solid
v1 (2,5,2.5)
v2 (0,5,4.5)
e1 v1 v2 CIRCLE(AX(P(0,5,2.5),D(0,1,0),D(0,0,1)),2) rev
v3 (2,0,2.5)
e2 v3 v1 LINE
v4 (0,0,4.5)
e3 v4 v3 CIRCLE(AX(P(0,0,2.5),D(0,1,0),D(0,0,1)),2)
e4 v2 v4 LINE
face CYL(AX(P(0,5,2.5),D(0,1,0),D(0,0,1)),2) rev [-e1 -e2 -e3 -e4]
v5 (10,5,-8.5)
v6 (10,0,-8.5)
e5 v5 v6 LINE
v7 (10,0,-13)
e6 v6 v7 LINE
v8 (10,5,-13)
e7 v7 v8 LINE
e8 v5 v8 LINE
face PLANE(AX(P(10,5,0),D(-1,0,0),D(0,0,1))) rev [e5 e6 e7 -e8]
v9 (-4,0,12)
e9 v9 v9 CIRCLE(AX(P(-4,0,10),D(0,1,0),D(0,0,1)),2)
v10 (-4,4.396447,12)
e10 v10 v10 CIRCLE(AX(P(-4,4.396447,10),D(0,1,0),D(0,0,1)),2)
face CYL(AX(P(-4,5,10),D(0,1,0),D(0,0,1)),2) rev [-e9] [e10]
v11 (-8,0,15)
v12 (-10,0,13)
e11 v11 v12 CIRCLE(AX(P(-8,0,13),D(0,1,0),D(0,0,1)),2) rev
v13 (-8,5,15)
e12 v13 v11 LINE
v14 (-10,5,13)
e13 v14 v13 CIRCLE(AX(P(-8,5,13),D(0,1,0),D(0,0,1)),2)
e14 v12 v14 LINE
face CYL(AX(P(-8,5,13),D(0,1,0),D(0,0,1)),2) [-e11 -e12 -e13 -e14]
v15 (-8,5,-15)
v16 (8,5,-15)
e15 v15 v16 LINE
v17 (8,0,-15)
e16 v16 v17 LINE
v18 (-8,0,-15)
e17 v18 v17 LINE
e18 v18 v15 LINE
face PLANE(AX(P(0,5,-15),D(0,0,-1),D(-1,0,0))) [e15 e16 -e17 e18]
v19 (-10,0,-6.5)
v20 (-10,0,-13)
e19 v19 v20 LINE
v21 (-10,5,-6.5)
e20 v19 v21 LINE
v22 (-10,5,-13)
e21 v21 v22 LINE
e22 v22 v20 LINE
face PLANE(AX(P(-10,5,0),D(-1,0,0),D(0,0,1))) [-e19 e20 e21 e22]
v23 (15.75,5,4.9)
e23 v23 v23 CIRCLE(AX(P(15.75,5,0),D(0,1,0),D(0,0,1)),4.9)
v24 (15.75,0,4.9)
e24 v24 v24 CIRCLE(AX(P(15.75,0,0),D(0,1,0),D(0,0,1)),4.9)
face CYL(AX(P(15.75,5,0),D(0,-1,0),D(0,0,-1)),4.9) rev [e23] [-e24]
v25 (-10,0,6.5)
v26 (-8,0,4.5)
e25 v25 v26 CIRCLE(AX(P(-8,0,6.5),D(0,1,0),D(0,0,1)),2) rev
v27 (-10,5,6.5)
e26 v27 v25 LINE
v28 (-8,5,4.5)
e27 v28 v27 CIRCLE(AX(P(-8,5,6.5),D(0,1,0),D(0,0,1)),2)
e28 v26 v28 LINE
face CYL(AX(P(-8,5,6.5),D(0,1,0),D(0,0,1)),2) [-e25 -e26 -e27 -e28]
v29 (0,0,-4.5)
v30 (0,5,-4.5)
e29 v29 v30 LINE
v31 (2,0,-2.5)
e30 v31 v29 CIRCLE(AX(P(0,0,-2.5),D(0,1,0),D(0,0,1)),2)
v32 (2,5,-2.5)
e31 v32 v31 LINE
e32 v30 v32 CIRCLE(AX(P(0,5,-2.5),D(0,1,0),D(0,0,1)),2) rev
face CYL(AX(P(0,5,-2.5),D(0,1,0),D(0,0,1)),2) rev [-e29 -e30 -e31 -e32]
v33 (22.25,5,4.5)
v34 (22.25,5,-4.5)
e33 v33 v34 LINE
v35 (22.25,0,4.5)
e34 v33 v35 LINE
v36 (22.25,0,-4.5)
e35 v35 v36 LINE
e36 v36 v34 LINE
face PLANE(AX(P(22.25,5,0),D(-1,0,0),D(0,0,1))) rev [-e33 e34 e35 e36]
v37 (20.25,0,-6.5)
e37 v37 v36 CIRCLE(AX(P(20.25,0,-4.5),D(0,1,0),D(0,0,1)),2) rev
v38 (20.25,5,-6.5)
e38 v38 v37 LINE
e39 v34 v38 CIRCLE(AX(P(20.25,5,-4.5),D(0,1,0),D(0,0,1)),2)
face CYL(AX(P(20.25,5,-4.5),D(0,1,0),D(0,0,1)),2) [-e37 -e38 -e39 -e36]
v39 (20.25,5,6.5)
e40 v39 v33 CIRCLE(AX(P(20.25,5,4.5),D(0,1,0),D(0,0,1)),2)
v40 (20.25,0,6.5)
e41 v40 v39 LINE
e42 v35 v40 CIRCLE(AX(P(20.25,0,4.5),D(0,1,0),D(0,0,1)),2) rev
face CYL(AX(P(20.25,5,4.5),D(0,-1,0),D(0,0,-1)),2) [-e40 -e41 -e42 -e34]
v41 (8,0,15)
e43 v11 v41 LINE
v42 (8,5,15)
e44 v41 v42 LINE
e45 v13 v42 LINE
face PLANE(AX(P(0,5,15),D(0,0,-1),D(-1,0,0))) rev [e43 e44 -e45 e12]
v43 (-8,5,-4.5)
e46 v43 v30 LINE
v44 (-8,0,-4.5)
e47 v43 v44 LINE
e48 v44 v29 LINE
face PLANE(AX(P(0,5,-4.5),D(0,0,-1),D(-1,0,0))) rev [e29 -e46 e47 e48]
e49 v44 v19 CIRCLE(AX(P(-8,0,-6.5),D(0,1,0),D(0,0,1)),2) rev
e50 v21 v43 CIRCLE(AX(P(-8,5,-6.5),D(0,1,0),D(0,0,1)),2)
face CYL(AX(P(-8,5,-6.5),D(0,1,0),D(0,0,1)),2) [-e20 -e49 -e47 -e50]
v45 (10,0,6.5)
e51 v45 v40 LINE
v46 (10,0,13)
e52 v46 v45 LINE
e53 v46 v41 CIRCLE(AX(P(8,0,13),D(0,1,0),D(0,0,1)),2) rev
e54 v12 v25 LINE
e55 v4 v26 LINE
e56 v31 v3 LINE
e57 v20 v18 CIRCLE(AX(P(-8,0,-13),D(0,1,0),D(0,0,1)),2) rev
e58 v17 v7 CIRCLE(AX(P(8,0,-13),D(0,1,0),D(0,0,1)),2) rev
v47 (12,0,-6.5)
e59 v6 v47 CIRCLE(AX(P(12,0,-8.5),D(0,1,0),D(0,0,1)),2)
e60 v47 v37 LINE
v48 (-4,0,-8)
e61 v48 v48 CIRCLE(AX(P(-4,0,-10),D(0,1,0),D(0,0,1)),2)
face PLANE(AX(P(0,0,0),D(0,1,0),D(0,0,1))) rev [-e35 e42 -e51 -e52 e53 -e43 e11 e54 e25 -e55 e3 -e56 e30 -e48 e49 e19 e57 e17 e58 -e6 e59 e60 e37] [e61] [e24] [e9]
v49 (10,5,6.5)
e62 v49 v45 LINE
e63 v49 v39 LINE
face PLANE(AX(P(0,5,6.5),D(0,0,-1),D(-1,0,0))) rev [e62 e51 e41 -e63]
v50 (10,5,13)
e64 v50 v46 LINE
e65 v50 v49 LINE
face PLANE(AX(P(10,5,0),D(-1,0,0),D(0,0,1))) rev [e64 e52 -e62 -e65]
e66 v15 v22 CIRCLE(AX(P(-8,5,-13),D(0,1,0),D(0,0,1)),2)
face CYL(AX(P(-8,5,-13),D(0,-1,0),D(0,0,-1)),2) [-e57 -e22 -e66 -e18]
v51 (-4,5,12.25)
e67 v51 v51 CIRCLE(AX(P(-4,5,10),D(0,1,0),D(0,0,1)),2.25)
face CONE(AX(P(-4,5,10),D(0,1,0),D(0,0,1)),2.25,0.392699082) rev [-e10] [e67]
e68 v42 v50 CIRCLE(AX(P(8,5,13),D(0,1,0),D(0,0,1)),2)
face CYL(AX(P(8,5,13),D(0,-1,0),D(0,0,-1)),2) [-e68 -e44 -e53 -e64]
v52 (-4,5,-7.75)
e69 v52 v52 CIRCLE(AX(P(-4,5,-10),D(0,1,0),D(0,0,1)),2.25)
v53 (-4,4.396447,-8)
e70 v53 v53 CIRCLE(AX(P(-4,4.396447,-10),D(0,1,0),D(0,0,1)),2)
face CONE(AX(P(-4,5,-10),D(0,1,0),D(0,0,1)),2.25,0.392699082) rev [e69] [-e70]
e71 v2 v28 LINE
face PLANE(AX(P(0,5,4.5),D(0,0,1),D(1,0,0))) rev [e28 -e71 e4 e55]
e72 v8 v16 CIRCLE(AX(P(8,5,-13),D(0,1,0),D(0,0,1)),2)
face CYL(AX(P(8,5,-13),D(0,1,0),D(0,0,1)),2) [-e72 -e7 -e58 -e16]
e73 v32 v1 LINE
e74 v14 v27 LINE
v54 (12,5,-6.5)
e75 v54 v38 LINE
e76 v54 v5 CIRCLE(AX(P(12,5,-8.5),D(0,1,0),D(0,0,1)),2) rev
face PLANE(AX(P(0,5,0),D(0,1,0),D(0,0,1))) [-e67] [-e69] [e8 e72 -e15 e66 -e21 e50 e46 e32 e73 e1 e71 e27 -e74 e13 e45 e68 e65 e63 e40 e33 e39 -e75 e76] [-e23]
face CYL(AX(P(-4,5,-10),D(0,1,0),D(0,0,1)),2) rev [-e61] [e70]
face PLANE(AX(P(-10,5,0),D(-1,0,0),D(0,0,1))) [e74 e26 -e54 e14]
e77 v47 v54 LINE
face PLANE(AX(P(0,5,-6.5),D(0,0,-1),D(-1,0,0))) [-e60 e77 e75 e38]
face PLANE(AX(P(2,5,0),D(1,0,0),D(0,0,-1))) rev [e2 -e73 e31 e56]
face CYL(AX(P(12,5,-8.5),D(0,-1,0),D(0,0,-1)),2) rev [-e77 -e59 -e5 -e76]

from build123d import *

# Parameters (mm, degrees)
SKETCH1_R                         = 4.9
BOSS_EXTRUDE1_DEPTH               = 5
FILLET1_R                         = 2
F_4_0_4_DIAMETER_HOLE1_AT_2_COUNT = 2
F_4_0_4_DIAMETER_HOLE1_AT_2_PITCH = 10
F_4_0_4_DIAMETER_HOLE1_AT_3_COUNT = 2
F_4_0_4_DIAMETER_HOLE1_AT_3_PITCH = 10


with BuildPart() as part:
    # Sketch1 → Boss-Extrude1 (new body)
    with BuildSketch(Plane(origin=(0, 0, 0), x_dir=(1, 0, 0), z_dir=(0, 1, 0))):
        Polygon((-10, 15), (-10, 4.5), (2, 4.5), (2, -4.5), (-10, -4.5), (-10, -15), (10, -15), (10, -6.5), (22.25, -6.5), (22.25, 6.5), (10, 6.5), (10, 15), align=None)
        with Locations(Location((15.75, 0, 0), (0, 0, 270))):
            Circle(SKETCH1_R, mode=Mode.SUBTRACT)
    extrude(amount=BOSS_EXTRUDE1_DEPTH)

    # Fillet1
    fillet1_edges = [part.edges().sort_by_distance(p)[0] for p in [
        (10, 2.5, 15),
        (-10, 2.5, 15),
        (-10, 2.5, 4.5),
        (2, 2.5, 4.5),
        (2, 2.5, -4.5),
        (-10, 2.5, -4.5),
        (-10, 2.5, -15),
        (10, 2.5, -15),
        (10, 2.5, -6.5),
        (22.25, 2.5, -6.5),
        (22.25, 2.5, 6.5),
    ]]
    fillet(fillet1_edges, radius=FILLET1_R)

    # Sketch5 → Ø4.0 (4) Diameter Hole1 (revolve, cut)
    with BuildSketch(Plane(origin=(-4, 5, 0), x_dir=(0, 0, 1), z_dir=(1, 0, 0))):
        Polygon((0, 0), (0, 5), (2, 5), (2, 0.603553391), (2.25, 0), align=None)
    f_4_0_4_diameter_hole1 = revolve(axis=Axis((-4, 11.35, 0), (0, -1, 0)), mode=Mode.SUBTRACT)

    # Ø4.0 (4) Diameter Hole1 at 2: Ø4.0 (4) Diameter Hole1 ×2
    with Locations(*[(0, 0, i * F_4_0_4_DIAMETER_HOLE1_AT_2_PITCH) for i in range(1, F_4_0_4_DIAMETER_HOLE1_AT_2_COUNT)]):
        add(f_4_0_4_diameter_hole1, mode=Mode.SUBTRACT)

    # Ø4.0 (4) Diameter Hole1 at 3: Ø4.0 (4) Diameter Hole1 ×2
    with Locations(*[(0, 0, -i * F_4_0_4_DIAMETER_HOLE1_AT_3_PITCH) for i in range(1, F_4_0_4_DIAMETER_HOLE1_AT_3_COUNT)]):
        add(f_4_0_4_diameter_hole1, mode=Mode.SUBTRACT)


solid = part.part
